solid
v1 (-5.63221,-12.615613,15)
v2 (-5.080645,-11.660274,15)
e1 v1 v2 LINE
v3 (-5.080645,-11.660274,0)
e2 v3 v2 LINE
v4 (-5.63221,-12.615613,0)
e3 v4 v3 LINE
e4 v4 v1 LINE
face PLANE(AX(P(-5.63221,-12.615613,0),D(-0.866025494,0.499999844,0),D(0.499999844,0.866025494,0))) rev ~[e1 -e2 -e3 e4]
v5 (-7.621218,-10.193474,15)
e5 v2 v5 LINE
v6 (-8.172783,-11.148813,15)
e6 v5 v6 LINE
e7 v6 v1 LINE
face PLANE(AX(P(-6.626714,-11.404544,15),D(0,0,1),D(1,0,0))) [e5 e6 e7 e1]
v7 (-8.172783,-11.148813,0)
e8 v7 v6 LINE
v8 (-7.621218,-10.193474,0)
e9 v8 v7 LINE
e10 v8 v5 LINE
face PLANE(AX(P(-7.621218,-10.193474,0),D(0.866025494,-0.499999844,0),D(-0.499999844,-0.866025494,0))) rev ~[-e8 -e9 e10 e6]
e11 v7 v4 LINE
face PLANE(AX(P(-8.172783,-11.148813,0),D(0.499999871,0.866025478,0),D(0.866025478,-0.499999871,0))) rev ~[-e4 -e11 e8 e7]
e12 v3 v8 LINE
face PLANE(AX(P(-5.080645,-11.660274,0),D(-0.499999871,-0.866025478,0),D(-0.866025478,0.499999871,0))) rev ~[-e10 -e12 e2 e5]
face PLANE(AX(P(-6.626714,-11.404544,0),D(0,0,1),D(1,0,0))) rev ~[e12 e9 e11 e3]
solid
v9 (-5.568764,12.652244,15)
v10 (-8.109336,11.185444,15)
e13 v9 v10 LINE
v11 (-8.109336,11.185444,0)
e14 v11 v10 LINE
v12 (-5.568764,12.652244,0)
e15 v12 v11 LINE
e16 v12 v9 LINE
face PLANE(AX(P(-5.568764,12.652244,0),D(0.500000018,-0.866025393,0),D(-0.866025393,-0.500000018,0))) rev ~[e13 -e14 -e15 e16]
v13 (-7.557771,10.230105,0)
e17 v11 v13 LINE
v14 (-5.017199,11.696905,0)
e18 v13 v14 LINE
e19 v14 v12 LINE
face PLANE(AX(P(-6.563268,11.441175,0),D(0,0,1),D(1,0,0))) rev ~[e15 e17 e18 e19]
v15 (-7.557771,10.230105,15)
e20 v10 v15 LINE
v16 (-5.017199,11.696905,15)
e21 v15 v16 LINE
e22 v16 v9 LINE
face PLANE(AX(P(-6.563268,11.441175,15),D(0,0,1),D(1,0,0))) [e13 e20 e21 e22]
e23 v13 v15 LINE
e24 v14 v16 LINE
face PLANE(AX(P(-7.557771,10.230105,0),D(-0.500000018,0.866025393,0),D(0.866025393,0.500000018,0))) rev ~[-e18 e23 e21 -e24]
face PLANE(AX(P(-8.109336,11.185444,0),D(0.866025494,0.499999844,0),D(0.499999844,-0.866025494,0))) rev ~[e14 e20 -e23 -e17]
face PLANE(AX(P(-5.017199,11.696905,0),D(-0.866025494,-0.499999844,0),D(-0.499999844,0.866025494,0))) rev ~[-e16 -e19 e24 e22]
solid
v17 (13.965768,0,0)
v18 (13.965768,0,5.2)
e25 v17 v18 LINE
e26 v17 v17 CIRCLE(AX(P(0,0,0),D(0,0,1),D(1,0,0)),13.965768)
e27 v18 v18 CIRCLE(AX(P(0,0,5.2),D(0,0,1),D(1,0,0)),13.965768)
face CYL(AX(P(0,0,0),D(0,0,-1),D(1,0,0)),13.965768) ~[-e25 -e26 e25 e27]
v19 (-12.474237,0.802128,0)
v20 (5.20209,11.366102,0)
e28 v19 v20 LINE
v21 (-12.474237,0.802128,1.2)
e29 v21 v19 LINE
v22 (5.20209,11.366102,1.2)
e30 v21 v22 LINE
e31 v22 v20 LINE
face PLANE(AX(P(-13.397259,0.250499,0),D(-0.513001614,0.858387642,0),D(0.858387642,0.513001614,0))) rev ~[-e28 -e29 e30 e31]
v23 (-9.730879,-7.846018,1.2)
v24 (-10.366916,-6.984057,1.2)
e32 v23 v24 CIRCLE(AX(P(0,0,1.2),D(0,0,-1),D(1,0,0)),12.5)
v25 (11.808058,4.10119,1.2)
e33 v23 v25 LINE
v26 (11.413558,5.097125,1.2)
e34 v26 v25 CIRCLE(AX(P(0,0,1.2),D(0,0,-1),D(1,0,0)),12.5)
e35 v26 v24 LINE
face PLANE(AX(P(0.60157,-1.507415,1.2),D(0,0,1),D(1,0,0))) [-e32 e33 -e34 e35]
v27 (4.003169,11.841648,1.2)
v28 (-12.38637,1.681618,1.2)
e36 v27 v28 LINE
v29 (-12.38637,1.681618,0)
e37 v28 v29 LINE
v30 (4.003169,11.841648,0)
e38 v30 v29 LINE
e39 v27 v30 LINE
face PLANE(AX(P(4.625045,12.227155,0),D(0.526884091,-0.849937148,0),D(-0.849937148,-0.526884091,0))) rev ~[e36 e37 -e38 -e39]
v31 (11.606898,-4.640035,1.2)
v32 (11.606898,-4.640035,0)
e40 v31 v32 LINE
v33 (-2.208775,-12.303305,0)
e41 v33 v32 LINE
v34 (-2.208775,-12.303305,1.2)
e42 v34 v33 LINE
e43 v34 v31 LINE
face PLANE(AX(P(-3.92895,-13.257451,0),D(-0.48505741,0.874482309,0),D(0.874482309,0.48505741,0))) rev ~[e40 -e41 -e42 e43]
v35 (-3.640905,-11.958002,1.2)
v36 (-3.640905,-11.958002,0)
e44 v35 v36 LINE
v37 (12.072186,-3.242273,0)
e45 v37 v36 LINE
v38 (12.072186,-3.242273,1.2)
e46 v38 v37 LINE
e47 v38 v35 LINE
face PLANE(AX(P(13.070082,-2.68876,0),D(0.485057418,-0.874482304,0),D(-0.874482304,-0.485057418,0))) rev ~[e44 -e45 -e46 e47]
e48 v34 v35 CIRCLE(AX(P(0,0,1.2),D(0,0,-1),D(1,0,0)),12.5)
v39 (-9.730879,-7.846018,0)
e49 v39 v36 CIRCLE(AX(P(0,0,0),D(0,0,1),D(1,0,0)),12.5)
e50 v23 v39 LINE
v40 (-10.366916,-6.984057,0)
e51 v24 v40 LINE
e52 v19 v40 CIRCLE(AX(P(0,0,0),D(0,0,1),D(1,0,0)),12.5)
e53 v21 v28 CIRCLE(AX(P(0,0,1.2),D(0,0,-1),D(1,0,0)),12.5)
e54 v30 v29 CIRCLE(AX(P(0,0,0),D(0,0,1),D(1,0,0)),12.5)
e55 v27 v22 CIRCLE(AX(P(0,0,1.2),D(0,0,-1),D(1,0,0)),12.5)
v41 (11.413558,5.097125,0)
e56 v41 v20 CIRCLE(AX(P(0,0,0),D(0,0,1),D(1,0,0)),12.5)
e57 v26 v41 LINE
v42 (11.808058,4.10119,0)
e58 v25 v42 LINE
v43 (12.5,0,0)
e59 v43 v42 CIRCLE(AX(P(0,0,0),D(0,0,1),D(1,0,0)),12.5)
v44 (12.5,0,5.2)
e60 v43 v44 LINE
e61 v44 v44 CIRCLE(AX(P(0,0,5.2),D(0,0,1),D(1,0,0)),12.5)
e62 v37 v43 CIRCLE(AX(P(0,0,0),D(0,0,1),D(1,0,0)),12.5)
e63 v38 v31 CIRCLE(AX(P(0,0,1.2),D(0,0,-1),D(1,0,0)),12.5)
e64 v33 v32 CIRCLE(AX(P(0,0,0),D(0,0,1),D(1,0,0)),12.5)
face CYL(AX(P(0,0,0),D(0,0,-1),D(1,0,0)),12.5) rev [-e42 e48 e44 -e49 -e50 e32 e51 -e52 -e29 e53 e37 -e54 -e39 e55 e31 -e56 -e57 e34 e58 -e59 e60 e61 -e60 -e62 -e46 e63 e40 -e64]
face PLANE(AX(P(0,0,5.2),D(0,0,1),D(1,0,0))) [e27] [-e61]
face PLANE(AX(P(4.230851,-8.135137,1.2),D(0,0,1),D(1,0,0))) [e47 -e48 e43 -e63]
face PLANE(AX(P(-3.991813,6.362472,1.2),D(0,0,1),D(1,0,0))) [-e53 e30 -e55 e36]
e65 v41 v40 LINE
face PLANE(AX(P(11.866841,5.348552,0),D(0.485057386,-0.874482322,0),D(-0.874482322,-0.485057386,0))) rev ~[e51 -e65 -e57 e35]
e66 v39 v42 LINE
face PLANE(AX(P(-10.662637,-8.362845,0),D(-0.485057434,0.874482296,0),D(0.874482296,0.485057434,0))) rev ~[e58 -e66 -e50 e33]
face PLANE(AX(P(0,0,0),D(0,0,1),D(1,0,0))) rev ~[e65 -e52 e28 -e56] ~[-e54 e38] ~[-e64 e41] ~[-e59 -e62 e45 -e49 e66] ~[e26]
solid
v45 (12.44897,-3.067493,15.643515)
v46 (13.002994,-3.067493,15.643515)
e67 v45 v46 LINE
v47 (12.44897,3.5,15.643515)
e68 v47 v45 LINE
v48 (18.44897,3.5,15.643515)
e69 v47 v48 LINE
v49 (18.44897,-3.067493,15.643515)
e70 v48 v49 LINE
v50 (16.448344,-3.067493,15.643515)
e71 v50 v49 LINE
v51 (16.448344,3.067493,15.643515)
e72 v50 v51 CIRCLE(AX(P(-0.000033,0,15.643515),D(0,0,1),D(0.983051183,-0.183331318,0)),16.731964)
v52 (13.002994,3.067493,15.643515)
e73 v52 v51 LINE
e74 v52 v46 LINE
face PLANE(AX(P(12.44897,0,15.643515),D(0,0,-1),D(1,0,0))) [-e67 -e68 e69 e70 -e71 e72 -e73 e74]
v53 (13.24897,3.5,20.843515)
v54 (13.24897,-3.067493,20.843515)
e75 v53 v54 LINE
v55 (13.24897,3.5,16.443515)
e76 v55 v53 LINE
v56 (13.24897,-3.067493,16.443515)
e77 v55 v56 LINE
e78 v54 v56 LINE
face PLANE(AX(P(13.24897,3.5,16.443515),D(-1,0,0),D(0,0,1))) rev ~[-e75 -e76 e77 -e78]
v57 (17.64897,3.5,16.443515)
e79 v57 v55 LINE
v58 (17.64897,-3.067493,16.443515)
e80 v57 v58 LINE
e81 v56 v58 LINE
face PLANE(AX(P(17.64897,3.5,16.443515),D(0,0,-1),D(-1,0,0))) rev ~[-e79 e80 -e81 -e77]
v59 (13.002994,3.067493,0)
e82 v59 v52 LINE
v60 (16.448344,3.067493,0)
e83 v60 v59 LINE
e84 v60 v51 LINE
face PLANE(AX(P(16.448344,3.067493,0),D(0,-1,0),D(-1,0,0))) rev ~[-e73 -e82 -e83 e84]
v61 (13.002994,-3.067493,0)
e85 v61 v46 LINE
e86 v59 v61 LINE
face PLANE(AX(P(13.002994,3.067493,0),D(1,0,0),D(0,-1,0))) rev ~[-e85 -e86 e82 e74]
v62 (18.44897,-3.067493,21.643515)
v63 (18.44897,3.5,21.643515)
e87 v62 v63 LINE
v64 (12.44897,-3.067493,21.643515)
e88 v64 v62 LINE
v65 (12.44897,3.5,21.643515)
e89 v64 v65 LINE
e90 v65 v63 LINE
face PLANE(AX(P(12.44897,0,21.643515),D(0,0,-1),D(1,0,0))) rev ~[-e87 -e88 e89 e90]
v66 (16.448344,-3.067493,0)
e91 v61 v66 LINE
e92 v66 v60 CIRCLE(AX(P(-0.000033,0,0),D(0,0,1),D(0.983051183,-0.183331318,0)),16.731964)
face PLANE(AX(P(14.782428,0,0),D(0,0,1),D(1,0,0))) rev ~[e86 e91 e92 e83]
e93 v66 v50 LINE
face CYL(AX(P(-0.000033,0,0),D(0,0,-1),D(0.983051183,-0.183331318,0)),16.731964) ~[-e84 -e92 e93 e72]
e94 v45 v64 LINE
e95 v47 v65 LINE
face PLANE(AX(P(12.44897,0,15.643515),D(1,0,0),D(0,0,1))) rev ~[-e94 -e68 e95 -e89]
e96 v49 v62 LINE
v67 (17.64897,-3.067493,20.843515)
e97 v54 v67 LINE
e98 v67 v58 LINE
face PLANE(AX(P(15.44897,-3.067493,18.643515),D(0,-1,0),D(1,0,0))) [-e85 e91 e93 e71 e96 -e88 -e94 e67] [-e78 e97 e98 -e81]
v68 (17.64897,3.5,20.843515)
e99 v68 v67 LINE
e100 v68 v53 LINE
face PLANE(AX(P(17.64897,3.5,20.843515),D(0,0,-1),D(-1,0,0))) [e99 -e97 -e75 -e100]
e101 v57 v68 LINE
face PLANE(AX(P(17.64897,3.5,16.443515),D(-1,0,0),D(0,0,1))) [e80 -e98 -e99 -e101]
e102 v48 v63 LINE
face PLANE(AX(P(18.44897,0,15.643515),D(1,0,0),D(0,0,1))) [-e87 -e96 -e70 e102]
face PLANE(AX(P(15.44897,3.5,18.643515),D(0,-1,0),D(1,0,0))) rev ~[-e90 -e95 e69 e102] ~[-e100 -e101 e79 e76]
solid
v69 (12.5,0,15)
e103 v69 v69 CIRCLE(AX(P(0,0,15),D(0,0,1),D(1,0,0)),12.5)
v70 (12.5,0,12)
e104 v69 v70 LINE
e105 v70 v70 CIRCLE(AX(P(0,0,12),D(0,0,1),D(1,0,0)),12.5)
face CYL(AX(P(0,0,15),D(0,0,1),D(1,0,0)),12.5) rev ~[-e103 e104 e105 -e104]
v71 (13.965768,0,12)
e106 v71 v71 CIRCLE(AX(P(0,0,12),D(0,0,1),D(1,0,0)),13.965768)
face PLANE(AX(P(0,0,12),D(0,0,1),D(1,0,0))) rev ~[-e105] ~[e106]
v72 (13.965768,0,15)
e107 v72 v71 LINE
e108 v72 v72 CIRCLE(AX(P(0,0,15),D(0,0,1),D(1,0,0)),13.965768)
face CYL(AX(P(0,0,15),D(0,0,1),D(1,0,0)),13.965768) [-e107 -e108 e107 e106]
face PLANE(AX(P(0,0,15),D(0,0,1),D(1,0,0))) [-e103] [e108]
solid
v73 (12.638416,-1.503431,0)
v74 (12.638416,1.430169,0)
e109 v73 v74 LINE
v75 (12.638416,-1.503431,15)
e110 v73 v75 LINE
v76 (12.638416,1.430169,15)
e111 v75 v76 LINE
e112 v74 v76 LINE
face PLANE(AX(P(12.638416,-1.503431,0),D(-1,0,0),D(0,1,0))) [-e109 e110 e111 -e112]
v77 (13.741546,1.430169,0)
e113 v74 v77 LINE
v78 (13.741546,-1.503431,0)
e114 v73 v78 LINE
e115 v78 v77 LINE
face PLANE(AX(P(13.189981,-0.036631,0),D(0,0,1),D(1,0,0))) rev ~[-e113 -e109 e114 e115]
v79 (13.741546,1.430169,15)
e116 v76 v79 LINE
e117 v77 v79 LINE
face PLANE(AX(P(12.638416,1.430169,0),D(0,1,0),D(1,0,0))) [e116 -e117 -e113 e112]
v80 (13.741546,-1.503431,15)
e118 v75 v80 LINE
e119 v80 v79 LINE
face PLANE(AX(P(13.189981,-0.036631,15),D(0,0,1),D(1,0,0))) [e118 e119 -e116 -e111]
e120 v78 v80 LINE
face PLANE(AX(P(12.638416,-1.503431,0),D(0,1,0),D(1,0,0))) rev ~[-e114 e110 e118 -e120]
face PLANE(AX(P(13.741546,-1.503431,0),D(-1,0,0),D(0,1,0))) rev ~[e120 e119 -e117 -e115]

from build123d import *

# Parameters (mm, degrees)
F0_R      = 13.965768
F0_R_2    = 12.5
F1_DEPTH  = 5.2
F3_DEPTH  = 1.2
F5_R      = 13.965768
F5_R_2    = 12.5
F6_DEPTH  = 3
F7_W      = 1.10313
F7_H      = 2.9336
F8_DEPTH  = 15
F10_DEPTH = 17.6
F11_W     = 6
F11_H     = 6
F12_DEPTH = 3.067493
F13_W     = 6
F13_H     = 6
F14_DEPTH = 3.5
F15_W     = 4.4
F15_H     = 4.4
F16_DEPTH = 25


with BuildPart() as f1:
    # F0 (on Top) → F1 (new body)
    with BuildSketch(Plane.XY):
        Circle(F0_R)
        Circle(F0_R_2, mode=Mode.SUBTRACT)
    extrude(amount=F1_DEPTH)

    # F2 (on Top) → F3 (join)
    with BuildSketch(Plane.XY):
        Polygon((5.791257, 11.718208), (4.625045, 12.227155), (-13.397259, 1.054958), (-13.397259, 0.250499), align=None)
        Polygon((11.866841, 5.348552), (-11.179983, -7.435048), (-10.662637, -8.362845), (12.382109, 4.419604), align=None)
        Polygon((13.070082, -2.68876), (-4.980911, -12.701276), (-3.92895, -13.257451), (12.413866, -4.192426), align=None)
    extrude(amount=F3_DEPTH)


with BuildPart() as f6:
    # F5 (on offset) → F6 (new body)
    with BuildSketch(Plane.XY.offset(15)):
        Circle(F5_R)
        Circle(F5_R_2, mode=Mode.SUBTRACT)
    extrude(amount=-F6_DEPTH)


with BuildPart() as f8:
    # F7 (on Top) → F8 (new body, through all)
    with BuildSketch(Plane.XY):
        with Locations((13.189981, -0.036631)):
            Rectangle(F7_W, F7_H)
        Polygon((-5.568764, 12.652244), (-8.109336, 11.185444), (-7.557771, 10.230105), (-5.017199, 11.696905), align=None)
        Polygon((-8.172783, -11.148813), (-5.63221, -12.615613), (-5.080645, -11.660274), (-7.621218, -10.193474), align=None)
    extrude(amount=F8_DEPTH)


with BuildPart() as f10:
    # F9 (on Top) → F10 (new body)
    with BuildSketch(Plane.XY):
        with BuildLine():
            Line((13.002994, -3.067493), (16.448344, -3.067493))
            ThreePointArc((16.448344, -3.067493), (16.731931, 0), (16.448344, 3.067493))
            Line((16.448344, 3.067493), (13.002994, 3.067493))
            Line((13.002994, 3.067493), (13.002994, 0))
            Line((13.002994, 0), (13.002994, -3.067493))
        make_face()
    extrude(amount=F10_DEPTH)

    # F11 (on Front) → F12 (join, through all)
    with BuildSketch(Plane.XZ):
        with Locations((15.44897, 18.643515)):
            Rectangle(F11_W, F11_H)
    extrude(amount=F12_DEPTH)

    # F13 (on Front) → F14 (join)
    with BuildSketch(Plane.XZ):
        with Locations((15.44897, 18.643515)):
            Rectangle(F13_W, F13_H)
    extrude(amount=-F14_DEPTH)

    # F15 (on face) → F16 (cut)
    with BuildSketch(Plane(origin=(0, 3.5, 0), x_dir=(-1, 0, 0), z_dir=(0, 1, 0))):
        with Locations((-15.44897, 18.643515)):
            Rectangle(F15_W, F15_H)
    extrude(amount=-F16_DEPTH, mode=Mode.SUBTRACT)


solid = Compound([f1.part, f6.part, f8.part, f10.part])
